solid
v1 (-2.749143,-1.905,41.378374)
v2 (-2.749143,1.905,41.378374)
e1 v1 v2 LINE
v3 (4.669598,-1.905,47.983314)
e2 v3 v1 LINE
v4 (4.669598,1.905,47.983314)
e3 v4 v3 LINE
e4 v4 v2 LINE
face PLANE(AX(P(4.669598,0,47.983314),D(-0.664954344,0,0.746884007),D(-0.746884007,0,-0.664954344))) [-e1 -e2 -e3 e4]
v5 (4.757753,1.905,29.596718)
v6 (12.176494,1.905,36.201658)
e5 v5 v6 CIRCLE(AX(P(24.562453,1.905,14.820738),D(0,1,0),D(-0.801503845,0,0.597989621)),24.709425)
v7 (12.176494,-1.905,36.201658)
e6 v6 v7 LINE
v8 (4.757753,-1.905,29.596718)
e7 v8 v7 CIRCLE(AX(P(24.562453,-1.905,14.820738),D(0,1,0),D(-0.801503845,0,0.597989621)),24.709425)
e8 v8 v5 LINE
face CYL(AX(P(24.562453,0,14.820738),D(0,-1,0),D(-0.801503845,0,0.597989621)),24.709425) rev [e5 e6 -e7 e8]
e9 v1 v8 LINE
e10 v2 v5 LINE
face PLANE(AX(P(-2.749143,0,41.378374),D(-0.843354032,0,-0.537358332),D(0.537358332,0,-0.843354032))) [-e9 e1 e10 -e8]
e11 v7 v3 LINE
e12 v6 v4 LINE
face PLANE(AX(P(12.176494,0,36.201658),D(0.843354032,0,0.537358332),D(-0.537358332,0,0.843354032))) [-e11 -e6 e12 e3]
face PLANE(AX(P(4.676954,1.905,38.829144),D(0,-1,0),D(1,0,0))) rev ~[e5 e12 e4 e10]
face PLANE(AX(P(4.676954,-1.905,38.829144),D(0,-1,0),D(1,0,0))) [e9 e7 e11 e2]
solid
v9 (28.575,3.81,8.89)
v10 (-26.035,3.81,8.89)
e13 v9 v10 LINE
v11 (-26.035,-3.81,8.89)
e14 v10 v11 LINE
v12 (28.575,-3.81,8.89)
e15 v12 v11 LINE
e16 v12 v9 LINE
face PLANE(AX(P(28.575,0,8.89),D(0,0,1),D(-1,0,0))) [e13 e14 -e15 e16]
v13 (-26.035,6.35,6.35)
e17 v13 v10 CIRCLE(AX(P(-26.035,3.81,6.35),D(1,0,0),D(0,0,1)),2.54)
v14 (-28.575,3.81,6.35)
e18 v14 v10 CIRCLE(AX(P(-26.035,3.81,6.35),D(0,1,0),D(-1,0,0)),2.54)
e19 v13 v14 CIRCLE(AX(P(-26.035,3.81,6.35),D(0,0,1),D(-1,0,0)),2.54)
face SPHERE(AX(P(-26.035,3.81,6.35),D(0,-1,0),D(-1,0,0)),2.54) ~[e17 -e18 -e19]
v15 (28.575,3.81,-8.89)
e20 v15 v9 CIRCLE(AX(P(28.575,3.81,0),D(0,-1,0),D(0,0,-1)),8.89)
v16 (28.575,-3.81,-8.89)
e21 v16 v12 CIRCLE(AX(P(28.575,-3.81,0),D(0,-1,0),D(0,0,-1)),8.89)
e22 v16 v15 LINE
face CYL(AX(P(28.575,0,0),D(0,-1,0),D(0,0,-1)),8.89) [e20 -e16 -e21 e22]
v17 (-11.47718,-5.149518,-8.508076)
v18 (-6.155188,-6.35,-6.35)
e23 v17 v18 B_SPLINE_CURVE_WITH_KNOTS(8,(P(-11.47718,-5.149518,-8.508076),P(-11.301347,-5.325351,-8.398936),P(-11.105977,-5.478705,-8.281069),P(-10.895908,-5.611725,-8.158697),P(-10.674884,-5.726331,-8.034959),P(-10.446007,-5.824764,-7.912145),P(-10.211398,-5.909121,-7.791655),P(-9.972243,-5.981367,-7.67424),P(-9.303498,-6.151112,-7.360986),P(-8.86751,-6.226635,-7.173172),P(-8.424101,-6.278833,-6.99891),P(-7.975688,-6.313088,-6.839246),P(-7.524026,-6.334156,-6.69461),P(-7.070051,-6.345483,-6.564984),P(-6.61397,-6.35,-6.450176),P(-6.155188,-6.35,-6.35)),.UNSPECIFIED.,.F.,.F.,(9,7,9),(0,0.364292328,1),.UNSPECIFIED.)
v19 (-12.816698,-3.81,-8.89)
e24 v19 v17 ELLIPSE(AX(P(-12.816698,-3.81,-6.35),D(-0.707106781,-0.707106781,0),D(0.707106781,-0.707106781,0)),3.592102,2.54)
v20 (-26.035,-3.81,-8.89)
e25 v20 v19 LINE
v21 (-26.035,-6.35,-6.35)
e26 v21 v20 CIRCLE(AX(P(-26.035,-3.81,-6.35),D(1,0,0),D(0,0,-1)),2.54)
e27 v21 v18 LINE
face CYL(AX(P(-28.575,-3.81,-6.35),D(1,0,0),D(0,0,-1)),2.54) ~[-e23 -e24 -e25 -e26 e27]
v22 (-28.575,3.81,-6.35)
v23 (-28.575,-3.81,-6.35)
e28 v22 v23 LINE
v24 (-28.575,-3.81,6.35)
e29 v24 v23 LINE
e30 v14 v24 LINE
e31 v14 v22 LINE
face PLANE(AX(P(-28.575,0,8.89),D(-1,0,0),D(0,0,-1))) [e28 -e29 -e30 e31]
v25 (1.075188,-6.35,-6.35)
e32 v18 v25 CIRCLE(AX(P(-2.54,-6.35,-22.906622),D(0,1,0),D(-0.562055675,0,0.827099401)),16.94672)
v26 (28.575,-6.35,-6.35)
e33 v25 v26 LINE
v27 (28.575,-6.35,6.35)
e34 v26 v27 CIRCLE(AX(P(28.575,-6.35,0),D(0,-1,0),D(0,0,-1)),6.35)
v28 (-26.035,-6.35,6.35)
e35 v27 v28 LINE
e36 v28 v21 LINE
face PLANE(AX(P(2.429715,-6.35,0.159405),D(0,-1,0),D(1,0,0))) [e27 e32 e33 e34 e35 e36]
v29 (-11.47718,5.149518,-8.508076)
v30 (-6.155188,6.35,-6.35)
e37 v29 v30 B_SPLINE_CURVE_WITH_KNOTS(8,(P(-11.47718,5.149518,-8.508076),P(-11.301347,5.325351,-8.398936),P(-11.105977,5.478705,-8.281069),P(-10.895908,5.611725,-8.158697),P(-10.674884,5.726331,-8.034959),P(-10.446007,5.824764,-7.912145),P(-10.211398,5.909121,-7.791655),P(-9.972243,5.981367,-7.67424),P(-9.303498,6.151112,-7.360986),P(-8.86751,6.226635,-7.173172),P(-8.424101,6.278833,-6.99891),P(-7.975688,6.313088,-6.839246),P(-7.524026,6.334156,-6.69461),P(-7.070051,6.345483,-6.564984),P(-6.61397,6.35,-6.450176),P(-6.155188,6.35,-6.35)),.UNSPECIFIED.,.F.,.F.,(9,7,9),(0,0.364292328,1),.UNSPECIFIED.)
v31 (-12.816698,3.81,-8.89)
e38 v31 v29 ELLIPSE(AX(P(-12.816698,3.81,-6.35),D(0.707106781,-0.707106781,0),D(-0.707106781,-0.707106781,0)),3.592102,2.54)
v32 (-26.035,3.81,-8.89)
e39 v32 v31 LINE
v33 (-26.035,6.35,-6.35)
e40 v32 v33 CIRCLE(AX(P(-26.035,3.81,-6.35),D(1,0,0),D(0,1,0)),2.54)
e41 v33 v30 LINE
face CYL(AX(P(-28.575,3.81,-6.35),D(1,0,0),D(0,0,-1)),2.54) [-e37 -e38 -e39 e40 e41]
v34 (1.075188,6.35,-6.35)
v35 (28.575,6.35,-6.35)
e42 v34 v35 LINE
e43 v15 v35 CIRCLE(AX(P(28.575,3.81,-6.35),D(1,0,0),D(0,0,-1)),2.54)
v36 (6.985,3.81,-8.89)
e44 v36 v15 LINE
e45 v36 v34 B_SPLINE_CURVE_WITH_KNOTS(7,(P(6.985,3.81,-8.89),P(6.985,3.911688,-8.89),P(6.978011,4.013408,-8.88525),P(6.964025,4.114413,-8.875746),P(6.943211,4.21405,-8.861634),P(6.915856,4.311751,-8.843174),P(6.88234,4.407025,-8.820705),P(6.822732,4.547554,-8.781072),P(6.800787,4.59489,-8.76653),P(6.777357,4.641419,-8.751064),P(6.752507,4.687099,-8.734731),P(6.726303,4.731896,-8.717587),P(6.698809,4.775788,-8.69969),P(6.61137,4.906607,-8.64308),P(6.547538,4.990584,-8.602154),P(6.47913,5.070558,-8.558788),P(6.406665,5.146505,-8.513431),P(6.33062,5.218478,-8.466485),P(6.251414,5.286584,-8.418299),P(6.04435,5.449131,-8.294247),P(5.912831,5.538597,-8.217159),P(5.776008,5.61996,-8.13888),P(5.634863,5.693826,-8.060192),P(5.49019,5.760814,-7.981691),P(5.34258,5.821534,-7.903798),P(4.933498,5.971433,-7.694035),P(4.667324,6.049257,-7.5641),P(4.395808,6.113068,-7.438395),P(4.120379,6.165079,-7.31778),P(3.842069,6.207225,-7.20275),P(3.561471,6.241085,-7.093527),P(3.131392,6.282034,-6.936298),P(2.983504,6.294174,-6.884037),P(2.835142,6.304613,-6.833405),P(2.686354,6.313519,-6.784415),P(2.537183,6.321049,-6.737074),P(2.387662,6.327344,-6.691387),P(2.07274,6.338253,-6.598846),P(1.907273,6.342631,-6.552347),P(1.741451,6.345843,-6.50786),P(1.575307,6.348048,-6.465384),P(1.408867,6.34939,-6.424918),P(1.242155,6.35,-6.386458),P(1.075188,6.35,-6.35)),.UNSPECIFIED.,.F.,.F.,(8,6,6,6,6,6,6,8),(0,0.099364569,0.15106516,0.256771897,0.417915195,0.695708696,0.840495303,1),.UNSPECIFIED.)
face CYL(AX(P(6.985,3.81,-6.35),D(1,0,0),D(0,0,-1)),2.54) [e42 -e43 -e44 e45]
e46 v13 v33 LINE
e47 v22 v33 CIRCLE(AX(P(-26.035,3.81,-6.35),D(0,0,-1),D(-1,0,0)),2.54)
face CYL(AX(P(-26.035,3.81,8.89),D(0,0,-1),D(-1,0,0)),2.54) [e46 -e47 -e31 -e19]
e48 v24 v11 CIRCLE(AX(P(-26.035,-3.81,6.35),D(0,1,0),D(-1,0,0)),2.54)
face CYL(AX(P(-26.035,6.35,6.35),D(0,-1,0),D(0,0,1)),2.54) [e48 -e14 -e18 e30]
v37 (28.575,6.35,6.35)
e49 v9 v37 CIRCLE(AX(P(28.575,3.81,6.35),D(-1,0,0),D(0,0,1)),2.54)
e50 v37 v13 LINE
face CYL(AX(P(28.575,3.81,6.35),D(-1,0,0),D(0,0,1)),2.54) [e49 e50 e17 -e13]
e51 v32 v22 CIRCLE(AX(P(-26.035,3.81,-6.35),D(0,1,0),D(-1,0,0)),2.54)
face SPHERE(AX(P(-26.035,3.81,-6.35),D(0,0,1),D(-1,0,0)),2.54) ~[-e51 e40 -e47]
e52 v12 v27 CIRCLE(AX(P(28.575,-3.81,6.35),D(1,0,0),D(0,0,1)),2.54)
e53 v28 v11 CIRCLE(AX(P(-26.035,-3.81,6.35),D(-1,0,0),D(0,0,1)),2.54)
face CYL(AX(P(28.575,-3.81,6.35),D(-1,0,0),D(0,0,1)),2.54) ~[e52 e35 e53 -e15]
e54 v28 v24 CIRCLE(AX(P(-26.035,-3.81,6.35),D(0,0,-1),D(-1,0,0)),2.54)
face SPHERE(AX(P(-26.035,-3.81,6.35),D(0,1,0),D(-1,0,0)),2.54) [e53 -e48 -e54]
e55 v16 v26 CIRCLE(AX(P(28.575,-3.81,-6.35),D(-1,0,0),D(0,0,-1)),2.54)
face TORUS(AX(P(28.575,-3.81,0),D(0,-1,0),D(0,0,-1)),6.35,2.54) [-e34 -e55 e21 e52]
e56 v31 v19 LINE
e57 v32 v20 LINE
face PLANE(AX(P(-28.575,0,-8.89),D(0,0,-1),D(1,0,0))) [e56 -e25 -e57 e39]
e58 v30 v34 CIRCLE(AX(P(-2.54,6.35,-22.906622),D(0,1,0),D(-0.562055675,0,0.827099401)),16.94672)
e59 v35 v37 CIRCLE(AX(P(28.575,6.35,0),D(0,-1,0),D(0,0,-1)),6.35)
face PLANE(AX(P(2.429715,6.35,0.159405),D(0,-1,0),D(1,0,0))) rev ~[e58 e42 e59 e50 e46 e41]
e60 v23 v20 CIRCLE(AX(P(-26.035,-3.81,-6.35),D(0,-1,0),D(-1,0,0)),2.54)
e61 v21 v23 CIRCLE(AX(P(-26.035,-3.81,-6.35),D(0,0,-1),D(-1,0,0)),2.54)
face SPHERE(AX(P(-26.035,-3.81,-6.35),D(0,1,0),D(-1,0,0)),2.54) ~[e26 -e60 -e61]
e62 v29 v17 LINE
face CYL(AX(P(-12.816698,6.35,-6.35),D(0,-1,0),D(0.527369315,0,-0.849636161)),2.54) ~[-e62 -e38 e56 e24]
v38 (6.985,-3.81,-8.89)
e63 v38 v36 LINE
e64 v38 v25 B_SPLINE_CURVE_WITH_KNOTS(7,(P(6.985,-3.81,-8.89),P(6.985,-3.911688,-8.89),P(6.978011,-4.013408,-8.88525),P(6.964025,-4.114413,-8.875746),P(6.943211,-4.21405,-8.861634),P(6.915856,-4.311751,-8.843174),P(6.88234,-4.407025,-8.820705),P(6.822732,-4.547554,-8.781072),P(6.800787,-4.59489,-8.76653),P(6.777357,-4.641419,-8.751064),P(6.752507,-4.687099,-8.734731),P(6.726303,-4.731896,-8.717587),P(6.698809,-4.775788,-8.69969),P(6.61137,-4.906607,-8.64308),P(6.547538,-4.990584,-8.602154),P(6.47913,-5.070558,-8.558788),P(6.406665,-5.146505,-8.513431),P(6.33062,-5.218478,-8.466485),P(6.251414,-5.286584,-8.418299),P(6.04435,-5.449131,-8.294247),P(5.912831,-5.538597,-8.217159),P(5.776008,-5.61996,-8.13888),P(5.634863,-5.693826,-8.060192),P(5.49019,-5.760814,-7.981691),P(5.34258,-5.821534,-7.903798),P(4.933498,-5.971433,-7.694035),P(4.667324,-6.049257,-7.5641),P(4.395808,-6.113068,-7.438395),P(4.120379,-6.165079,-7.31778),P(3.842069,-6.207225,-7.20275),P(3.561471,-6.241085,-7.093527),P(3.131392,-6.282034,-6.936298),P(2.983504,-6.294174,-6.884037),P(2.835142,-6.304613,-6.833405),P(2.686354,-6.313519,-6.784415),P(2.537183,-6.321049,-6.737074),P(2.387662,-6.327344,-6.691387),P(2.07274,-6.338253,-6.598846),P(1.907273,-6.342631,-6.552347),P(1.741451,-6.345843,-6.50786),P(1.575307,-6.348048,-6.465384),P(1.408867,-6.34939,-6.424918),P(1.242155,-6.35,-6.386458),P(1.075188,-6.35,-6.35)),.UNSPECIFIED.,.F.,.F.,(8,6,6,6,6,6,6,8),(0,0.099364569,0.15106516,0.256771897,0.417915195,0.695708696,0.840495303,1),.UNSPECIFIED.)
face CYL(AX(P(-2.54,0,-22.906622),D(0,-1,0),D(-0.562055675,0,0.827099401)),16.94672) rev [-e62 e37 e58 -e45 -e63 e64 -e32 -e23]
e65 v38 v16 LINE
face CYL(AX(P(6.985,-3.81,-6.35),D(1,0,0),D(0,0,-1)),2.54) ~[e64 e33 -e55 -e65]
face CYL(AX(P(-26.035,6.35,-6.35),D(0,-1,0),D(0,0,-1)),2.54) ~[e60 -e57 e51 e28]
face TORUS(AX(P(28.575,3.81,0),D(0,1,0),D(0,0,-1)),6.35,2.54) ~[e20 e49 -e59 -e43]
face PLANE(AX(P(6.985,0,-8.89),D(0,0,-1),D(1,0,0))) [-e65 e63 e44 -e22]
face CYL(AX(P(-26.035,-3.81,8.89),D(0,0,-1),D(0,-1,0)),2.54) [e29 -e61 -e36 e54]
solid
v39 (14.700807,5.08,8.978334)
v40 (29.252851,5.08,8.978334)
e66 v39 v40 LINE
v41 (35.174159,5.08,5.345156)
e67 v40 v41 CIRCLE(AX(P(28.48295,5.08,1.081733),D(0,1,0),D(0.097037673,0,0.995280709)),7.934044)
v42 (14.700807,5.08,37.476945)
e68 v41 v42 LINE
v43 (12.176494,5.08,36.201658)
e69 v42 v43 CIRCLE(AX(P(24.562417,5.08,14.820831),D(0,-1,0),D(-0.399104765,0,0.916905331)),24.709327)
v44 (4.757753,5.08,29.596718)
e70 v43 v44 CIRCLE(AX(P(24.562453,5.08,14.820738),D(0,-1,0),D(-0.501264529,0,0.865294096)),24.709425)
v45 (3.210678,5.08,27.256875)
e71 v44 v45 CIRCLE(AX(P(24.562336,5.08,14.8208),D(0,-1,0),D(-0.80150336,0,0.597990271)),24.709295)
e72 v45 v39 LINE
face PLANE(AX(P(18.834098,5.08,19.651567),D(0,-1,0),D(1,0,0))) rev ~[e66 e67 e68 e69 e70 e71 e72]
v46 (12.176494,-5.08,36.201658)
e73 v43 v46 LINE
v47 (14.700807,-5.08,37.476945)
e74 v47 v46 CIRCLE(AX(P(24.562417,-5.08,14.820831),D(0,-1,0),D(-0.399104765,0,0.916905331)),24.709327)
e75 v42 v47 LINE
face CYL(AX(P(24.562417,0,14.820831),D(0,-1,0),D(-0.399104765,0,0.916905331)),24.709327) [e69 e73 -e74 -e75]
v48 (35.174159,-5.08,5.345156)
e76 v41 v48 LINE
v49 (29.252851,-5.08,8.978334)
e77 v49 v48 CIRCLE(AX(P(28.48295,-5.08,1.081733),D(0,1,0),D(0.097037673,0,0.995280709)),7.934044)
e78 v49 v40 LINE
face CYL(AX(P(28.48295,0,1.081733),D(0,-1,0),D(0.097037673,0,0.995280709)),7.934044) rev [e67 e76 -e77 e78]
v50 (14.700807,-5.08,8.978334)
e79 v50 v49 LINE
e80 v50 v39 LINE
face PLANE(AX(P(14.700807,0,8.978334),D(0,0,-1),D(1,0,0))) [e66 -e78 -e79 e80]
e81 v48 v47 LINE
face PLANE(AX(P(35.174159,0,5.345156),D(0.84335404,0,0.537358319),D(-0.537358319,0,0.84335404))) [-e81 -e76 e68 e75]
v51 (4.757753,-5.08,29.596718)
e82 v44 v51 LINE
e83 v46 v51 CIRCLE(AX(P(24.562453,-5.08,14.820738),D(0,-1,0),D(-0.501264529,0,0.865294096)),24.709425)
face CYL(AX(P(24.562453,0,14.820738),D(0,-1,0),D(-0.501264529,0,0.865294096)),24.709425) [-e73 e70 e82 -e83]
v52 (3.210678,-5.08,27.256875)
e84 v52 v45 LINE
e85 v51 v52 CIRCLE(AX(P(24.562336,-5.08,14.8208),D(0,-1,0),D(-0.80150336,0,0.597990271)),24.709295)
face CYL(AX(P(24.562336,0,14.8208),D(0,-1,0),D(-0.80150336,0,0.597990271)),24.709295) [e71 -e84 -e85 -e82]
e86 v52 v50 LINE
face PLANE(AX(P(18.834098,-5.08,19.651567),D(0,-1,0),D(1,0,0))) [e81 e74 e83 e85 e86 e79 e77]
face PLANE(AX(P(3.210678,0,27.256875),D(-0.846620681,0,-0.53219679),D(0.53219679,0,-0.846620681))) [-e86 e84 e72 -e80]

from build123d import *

# Parameters (mm, degrees)
F2_DEPTH = 6.35
F3_DEPTH = 1.905
F4_DEPTH = 5.08
F5_R     = 2.54


with BuildPart() as f2:
    # F0 (on Front) → F2 (new body, symmetric)
    with BuildSketch(Plane.XZ):
        with BuildLine():
            Line((28.575, 8.89), (-28.575, 8.89))
            Line((-28.575, 8.89), (-28.575, -8.89))
            Line((-28.575, -8.89), (-12.065, -8.89))
            ThreePointArc((-12.065, -8.89), (-2.54, -5.959902), (6.985, -8.89))
            Line((6.985, -8.89), (28.575, -8.89))
            ThreePointArc((28.575, -8.89), (37.465, 0), (28.575, 8.89))
        make_face()
    extrude(amount=F2_DEPTH, both=True)

    # F5
    f5_edges = [f2.edges().sort_by_distance(p)[0] for p in [
        (-28.575, 0, 8.89),
        (-28.575, 6.35, 0),
        (-28.575, 0, -8.89),
        (-28.575, -6.35, 0),
        (28.575, 0, 8.89),
        (0, 6.35, 8.89),
        (0, -6.35, 8.89),
        (-20.32, 6.35, -8.89),
        (-12.065, 0, -8.89),
        (-20.32, -6.35, -8.89),
    ]]
    fillet(f5_edges, radius=F5_R)


with BuildPart() as f3:
    # F1 (on Front) → F3 (new body, symmetric)
    with BuildSketch(Plane.XZ):
        with BuildLine():
            ThreePointArc((4.757753, 29.596718), (8.131813, 33.275813), (12.176494, 36.201658))
            Line((12.176494, 36.201658), (4.669598, 47.983314))
            Line((4.669598, 47.983314), (-2.749143, 41.378374))
            Line((-2.749143, 41.378374), (4.757753, 29.596718))
        make_face()
    extrude(amount=F3_DEPTH, both=True)


with BuildPart() as f4:
    # F1 (on Front) → F4 (new body, symmetric)
    with BuildSketch(Plane.XZ):
        with BuildLine():
            ThreePointArc((29.252851, 8.978334), (32.632292, 7.844278), (35.174159, 5.345156))
            Line((35.174159, 5.345156), (14.700807, 37.476945))
            ThreePointArc((14.700807, 37.476945), (13.42039, 36.875447), (12.176494, 36.201658))
            ThreePointArc((12.176494, 36.201658), (8.131813, 33.275813), (4.757753, 29.596718))
            ThreePointArc((4.757753, 29.596718), (3.950986, 28.448768), (3.210678, 27.256875))
            Line((3.210678, 27.256875), (14.700807, 8.978334))
            Line((14.700807, 8.978334), (29.252851, 8.978334))
        make_face()
    extrude(amount=F4_DEPTH, both=True)


solid = Compound([f2.part, f3.part, f4.part])
